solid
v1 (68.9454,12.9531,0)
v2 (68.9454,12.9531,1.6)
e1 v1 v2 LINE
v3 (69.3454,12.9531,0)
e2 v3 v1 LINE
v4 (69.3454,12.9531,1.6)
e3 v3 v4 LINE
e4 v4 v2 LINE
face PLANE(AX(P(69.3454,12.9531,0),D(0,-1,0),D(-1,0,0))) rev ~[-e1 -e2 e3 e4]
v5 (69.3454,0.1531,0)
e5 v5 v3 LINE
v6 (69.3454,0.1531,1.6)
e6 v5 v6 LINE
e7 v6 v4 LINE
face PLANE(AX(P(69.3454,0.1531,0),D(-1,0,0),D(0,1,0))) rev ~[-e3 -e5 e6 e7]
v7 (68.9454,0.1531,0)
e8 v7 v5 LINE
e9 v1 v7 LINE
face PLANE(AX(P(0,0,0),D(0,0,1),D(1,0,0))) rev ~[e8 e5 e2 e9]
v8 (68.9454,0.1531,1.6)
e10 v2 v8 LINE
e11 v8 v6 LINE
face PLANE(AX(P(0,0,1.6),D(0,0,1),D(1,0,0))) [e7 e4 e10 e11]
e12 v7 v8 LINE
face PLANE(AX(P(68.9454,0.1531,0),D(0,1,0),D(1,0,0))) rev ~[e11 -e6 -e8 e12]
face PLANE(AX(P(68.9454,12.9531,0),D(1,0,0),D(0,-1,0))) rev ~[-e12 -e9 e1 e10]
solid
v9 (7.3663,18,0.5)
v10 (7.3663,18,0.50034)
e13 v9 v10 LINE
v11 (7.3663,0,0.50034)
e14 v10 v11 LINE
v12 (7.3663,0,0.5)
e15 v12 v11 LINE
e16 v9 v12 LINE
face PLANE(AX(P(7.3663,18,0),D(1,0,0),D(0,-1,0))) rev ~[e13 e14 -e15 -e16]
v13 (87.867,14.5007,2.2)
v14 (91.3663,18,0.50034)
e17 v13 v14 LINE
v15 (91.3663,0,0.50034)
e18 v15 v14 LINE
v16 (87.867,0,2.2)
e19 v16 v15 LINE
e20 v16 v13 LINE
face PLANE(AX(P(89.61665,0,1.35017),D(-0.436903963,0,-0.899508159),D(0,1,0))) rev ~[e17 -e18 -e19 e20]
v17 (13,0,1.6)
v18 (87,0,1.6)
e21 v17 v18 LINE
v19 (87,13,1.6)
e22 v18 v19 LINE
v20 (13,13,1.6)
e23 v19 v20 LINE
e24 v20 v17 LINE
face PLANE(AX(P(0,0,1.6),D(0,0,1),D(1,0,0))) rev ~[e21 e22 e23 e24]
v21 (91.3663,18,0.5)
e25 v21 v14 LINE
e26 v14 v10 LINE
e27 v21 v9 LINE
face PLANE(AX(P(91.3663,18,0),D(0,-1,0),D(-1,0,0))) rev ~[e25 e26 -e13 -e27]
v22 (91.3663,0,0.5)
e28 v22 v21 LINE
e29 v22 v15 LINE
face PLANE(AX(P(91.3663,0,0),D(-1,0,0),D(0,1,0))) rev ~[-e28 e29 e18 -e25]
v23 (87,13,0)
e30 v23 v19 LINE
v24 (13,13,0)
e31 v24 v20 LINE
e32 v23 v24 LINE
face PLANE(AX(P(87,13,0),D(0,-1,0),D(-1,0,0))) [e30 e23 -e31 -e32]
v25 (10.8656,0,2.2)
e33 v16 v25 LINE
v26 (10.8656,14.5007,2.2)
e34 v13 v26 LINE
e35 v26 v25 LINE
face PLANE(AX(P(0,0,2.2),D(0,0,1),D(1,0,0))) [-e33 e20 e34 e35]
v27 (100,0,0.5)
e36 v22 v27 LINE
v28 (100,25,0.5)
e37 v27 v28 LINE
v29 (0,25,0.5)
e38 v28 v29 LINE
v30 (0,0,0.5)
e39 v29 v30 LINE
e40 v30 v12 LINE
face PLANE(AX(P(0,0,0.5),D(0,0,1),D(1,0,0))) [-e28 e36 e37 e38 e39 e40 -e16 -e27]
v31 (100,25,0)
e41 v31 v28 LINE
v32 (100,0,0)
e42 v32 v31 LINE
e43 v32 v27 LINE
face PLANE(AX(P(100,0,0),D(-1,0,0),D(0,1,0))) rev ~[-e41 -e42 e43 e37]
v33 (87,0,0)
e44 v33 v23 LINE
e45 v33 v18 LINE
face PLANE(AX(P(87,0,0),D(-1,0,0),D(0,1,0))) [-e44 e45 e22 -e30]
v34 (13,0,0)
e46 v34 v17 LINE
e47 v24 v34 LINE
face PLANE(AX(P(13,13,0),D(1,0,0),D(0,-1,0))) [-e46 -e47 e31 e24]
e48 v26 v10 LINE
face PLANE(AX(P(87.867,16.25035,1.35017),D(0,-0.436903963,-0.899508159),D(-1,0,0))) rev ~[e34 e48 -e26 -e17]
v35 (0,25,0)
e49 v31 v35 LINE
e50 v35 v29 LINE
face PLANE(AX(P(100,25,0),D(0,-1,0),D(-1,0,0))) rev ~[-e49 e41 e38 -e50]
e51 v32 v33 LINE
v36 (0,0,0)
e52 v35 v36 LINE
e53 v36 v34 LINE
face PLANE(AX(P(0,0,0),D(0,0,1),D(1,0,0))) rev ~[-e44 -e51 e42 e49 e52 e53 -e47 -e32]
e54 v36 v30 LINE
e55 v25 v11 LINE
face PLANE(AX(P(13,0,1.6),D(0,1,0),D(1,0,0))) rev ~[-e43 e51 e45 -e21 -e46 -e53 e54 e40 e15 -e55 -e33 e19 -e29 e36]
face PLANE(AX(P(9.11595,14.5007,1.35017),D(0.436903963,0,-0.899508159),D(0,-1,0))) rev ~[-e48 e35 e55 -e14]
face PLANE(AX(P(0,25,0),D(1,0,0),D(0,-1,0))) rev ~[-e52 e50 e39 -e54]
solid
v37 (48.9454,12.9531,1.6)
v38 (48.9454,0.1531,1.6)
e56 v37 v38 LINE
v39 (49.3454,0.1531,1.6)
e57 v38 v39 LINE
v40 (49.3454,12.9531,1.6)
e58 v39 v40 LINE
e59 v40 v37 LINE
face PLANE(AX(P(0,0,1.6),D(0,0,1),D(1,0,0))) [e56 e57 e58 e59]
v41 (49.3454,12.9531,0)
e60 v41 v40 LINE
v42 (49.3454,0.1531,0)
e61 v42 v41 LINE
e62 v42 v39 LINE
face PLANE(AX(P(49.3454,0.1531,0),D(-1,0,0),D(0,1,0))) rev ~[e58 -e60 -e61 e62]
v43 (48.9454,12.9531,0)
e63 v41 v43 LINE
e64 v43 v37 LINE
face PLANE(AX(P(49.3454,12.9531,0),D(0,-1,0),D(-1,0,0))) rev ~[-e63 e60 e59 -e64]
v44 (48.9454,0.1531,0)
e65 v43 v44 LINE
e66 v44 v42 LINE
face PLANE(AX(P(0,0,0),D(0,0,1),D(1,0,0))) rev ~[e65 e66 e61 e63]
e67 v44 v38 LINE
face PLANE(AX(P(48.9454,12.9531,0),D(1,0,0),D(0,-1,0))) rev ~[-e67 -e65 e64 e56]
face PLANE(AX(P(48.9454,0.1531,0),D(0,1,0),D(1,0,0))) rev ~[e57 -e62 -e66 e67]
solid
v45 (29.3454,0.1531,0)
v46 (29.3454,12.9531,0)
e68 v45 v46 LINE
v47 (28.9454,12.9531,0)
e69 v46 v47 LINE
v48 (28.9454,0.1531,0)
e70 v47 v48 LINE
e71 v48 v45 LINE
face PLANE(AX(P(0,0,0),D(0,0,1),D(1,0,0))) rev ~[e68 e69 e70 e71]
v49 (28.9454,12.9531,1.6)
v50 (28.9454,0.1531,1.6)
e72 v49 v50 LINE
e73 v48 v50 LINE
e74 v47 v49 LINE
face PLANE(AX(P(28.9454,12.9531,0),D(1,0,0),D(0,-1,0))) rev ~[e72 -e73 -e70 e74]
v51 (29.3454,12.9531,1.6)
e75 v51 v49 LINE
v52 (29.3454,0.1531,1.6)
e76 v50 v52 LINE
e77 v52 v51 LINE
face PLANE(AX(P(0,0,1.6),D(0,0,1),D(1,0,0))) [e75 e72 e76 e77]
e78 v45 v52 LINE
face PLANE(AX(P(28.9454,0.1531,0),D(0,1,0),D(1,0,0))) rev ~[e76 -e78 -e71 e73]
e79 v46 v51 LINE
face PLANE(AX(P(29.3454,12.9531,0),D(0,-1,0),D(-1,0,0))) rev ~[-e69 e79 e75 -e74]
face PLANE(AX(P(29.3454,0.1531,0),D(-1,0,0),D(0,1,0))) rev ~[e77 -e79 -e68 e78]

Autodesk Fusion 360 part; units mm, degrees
sketch "Skizze2" plane through (0, 0, 0) normal (0, 0, 1) x (1, 0, 0)
  line L0 (0, 0) -> (100, 0)
  line L1 (100, 0) -> (100, 25)
  line L2 (100, 25) -> (0, 25)
  line L3 (0, 25) -> (0, 0)
  line L4 (13, 0) -> (87, 0)
  line L5 (87, 0) -> (87, 13)
  line L6 (87, 13) -> (13, 13)
  line L7 (13, 13) -> (13, 0)
  line L8 (7.3663, 0) -> (91.3663, 0)
  line L9 (91.3663, 0) -> (91.3663, 18)
  line L10 (91.3663, 18) -> (7.3663, 18)
  line L11 (7.3663, 18) -> (7.3663, 0)
  dimension "d1" = 100
  dimension "d2" = 25
  dimension "d3" = 74
  dimension "d4" = 13
  dimension "d5" = 13
  dimension "d6" = 84
  dimension "d7" = 18
extrude "Extrusion1" add sketch "Skizze2" along normal blind 0.5 contours L0 L1 L2 L3 L9 L10 L11 makes body 1
extrude "Extrusion2" add sketch "Skizze2" along normal blind 2.2 contours L0 L5 L6 L7 L8 L9 L10 L11 bodies 1
extrude "Extrusion3" add sketch "Skizze2" along normal blind 0.6 from surface at 1.6 contours L0 L4 L5 L6 L7 L8 bodies 1
chamfer "Fase1" distance 3.5 distance2 1.7 1 edges at (91.3663, 9, 2.2) measured on face at (35.3663, 6, 2.2) on bodies 1
chamfer "Fase2" distance 3.5 distance2 1.7 1 edges at (47.6163, 18, 2.2) measured on face at (34.1999, 6, 2.2) on bodies 1
chamfer "Fase3" distance 3.5 distance2 1.7 1 edges at (7.3663, 7.25, 2.2) measured on face at (34.1999, 4.8336, 2.2) on bodies 1
sketch "Skizze3" plane through (0, 0, 0) normal (0, 0, 1) x (1, 0, 0)
  line L0 (49.3454, 12.9531) -> (48.9454, 12.9531)
  line L1 (48.9454, 12.9531) -> (48.9454, 0.1531)
  line L2 (48.9454, 0.1531) -> (49.3454, 0.1531)
  line L3 (49.3454, 0.1531) -> (49.3454, 12.9531)
  line L4 (29.3454, 12.9531) -> (28.9454, 12.9531)
  line L5 (29.3454, 0.1531) -> (29.3454, 12.9531)
  line L6 (28.9454, 12.9531) -> (28.9454, 0.1531)
  line L7 (28.9454, 0.1531) -> (29.3454, 0.1531)
  line L8 (69.3454, 12.9531) -> (68.9454, 12.9531)
  line L9 (69.3454, 0.1531) -> (69.3454, 12.9531)
  line L10 (68.9454, 12.9531) -> (68.9454, 0.1531)
  line L11 (68.9454, 0.1531) -> (69.3454, 0.1531)
  dimension "d21" = 0.4
  dimension "d22" = 12.8
  dimension "d29" = 0
  dimension "d30" = 0
  dimension "d33" = 20
  dimension "d34" = 0
extrude "Extrusion4" add sketch "Skizze3" along normal blind 1.6 separate body makes body 2 at (29.3454, 4.4198, 0.5333) makes body 3 at (49.3454, 4.4198, 0.5333) makes body 4 at (69.3454, 4.4198, 0.5333)
